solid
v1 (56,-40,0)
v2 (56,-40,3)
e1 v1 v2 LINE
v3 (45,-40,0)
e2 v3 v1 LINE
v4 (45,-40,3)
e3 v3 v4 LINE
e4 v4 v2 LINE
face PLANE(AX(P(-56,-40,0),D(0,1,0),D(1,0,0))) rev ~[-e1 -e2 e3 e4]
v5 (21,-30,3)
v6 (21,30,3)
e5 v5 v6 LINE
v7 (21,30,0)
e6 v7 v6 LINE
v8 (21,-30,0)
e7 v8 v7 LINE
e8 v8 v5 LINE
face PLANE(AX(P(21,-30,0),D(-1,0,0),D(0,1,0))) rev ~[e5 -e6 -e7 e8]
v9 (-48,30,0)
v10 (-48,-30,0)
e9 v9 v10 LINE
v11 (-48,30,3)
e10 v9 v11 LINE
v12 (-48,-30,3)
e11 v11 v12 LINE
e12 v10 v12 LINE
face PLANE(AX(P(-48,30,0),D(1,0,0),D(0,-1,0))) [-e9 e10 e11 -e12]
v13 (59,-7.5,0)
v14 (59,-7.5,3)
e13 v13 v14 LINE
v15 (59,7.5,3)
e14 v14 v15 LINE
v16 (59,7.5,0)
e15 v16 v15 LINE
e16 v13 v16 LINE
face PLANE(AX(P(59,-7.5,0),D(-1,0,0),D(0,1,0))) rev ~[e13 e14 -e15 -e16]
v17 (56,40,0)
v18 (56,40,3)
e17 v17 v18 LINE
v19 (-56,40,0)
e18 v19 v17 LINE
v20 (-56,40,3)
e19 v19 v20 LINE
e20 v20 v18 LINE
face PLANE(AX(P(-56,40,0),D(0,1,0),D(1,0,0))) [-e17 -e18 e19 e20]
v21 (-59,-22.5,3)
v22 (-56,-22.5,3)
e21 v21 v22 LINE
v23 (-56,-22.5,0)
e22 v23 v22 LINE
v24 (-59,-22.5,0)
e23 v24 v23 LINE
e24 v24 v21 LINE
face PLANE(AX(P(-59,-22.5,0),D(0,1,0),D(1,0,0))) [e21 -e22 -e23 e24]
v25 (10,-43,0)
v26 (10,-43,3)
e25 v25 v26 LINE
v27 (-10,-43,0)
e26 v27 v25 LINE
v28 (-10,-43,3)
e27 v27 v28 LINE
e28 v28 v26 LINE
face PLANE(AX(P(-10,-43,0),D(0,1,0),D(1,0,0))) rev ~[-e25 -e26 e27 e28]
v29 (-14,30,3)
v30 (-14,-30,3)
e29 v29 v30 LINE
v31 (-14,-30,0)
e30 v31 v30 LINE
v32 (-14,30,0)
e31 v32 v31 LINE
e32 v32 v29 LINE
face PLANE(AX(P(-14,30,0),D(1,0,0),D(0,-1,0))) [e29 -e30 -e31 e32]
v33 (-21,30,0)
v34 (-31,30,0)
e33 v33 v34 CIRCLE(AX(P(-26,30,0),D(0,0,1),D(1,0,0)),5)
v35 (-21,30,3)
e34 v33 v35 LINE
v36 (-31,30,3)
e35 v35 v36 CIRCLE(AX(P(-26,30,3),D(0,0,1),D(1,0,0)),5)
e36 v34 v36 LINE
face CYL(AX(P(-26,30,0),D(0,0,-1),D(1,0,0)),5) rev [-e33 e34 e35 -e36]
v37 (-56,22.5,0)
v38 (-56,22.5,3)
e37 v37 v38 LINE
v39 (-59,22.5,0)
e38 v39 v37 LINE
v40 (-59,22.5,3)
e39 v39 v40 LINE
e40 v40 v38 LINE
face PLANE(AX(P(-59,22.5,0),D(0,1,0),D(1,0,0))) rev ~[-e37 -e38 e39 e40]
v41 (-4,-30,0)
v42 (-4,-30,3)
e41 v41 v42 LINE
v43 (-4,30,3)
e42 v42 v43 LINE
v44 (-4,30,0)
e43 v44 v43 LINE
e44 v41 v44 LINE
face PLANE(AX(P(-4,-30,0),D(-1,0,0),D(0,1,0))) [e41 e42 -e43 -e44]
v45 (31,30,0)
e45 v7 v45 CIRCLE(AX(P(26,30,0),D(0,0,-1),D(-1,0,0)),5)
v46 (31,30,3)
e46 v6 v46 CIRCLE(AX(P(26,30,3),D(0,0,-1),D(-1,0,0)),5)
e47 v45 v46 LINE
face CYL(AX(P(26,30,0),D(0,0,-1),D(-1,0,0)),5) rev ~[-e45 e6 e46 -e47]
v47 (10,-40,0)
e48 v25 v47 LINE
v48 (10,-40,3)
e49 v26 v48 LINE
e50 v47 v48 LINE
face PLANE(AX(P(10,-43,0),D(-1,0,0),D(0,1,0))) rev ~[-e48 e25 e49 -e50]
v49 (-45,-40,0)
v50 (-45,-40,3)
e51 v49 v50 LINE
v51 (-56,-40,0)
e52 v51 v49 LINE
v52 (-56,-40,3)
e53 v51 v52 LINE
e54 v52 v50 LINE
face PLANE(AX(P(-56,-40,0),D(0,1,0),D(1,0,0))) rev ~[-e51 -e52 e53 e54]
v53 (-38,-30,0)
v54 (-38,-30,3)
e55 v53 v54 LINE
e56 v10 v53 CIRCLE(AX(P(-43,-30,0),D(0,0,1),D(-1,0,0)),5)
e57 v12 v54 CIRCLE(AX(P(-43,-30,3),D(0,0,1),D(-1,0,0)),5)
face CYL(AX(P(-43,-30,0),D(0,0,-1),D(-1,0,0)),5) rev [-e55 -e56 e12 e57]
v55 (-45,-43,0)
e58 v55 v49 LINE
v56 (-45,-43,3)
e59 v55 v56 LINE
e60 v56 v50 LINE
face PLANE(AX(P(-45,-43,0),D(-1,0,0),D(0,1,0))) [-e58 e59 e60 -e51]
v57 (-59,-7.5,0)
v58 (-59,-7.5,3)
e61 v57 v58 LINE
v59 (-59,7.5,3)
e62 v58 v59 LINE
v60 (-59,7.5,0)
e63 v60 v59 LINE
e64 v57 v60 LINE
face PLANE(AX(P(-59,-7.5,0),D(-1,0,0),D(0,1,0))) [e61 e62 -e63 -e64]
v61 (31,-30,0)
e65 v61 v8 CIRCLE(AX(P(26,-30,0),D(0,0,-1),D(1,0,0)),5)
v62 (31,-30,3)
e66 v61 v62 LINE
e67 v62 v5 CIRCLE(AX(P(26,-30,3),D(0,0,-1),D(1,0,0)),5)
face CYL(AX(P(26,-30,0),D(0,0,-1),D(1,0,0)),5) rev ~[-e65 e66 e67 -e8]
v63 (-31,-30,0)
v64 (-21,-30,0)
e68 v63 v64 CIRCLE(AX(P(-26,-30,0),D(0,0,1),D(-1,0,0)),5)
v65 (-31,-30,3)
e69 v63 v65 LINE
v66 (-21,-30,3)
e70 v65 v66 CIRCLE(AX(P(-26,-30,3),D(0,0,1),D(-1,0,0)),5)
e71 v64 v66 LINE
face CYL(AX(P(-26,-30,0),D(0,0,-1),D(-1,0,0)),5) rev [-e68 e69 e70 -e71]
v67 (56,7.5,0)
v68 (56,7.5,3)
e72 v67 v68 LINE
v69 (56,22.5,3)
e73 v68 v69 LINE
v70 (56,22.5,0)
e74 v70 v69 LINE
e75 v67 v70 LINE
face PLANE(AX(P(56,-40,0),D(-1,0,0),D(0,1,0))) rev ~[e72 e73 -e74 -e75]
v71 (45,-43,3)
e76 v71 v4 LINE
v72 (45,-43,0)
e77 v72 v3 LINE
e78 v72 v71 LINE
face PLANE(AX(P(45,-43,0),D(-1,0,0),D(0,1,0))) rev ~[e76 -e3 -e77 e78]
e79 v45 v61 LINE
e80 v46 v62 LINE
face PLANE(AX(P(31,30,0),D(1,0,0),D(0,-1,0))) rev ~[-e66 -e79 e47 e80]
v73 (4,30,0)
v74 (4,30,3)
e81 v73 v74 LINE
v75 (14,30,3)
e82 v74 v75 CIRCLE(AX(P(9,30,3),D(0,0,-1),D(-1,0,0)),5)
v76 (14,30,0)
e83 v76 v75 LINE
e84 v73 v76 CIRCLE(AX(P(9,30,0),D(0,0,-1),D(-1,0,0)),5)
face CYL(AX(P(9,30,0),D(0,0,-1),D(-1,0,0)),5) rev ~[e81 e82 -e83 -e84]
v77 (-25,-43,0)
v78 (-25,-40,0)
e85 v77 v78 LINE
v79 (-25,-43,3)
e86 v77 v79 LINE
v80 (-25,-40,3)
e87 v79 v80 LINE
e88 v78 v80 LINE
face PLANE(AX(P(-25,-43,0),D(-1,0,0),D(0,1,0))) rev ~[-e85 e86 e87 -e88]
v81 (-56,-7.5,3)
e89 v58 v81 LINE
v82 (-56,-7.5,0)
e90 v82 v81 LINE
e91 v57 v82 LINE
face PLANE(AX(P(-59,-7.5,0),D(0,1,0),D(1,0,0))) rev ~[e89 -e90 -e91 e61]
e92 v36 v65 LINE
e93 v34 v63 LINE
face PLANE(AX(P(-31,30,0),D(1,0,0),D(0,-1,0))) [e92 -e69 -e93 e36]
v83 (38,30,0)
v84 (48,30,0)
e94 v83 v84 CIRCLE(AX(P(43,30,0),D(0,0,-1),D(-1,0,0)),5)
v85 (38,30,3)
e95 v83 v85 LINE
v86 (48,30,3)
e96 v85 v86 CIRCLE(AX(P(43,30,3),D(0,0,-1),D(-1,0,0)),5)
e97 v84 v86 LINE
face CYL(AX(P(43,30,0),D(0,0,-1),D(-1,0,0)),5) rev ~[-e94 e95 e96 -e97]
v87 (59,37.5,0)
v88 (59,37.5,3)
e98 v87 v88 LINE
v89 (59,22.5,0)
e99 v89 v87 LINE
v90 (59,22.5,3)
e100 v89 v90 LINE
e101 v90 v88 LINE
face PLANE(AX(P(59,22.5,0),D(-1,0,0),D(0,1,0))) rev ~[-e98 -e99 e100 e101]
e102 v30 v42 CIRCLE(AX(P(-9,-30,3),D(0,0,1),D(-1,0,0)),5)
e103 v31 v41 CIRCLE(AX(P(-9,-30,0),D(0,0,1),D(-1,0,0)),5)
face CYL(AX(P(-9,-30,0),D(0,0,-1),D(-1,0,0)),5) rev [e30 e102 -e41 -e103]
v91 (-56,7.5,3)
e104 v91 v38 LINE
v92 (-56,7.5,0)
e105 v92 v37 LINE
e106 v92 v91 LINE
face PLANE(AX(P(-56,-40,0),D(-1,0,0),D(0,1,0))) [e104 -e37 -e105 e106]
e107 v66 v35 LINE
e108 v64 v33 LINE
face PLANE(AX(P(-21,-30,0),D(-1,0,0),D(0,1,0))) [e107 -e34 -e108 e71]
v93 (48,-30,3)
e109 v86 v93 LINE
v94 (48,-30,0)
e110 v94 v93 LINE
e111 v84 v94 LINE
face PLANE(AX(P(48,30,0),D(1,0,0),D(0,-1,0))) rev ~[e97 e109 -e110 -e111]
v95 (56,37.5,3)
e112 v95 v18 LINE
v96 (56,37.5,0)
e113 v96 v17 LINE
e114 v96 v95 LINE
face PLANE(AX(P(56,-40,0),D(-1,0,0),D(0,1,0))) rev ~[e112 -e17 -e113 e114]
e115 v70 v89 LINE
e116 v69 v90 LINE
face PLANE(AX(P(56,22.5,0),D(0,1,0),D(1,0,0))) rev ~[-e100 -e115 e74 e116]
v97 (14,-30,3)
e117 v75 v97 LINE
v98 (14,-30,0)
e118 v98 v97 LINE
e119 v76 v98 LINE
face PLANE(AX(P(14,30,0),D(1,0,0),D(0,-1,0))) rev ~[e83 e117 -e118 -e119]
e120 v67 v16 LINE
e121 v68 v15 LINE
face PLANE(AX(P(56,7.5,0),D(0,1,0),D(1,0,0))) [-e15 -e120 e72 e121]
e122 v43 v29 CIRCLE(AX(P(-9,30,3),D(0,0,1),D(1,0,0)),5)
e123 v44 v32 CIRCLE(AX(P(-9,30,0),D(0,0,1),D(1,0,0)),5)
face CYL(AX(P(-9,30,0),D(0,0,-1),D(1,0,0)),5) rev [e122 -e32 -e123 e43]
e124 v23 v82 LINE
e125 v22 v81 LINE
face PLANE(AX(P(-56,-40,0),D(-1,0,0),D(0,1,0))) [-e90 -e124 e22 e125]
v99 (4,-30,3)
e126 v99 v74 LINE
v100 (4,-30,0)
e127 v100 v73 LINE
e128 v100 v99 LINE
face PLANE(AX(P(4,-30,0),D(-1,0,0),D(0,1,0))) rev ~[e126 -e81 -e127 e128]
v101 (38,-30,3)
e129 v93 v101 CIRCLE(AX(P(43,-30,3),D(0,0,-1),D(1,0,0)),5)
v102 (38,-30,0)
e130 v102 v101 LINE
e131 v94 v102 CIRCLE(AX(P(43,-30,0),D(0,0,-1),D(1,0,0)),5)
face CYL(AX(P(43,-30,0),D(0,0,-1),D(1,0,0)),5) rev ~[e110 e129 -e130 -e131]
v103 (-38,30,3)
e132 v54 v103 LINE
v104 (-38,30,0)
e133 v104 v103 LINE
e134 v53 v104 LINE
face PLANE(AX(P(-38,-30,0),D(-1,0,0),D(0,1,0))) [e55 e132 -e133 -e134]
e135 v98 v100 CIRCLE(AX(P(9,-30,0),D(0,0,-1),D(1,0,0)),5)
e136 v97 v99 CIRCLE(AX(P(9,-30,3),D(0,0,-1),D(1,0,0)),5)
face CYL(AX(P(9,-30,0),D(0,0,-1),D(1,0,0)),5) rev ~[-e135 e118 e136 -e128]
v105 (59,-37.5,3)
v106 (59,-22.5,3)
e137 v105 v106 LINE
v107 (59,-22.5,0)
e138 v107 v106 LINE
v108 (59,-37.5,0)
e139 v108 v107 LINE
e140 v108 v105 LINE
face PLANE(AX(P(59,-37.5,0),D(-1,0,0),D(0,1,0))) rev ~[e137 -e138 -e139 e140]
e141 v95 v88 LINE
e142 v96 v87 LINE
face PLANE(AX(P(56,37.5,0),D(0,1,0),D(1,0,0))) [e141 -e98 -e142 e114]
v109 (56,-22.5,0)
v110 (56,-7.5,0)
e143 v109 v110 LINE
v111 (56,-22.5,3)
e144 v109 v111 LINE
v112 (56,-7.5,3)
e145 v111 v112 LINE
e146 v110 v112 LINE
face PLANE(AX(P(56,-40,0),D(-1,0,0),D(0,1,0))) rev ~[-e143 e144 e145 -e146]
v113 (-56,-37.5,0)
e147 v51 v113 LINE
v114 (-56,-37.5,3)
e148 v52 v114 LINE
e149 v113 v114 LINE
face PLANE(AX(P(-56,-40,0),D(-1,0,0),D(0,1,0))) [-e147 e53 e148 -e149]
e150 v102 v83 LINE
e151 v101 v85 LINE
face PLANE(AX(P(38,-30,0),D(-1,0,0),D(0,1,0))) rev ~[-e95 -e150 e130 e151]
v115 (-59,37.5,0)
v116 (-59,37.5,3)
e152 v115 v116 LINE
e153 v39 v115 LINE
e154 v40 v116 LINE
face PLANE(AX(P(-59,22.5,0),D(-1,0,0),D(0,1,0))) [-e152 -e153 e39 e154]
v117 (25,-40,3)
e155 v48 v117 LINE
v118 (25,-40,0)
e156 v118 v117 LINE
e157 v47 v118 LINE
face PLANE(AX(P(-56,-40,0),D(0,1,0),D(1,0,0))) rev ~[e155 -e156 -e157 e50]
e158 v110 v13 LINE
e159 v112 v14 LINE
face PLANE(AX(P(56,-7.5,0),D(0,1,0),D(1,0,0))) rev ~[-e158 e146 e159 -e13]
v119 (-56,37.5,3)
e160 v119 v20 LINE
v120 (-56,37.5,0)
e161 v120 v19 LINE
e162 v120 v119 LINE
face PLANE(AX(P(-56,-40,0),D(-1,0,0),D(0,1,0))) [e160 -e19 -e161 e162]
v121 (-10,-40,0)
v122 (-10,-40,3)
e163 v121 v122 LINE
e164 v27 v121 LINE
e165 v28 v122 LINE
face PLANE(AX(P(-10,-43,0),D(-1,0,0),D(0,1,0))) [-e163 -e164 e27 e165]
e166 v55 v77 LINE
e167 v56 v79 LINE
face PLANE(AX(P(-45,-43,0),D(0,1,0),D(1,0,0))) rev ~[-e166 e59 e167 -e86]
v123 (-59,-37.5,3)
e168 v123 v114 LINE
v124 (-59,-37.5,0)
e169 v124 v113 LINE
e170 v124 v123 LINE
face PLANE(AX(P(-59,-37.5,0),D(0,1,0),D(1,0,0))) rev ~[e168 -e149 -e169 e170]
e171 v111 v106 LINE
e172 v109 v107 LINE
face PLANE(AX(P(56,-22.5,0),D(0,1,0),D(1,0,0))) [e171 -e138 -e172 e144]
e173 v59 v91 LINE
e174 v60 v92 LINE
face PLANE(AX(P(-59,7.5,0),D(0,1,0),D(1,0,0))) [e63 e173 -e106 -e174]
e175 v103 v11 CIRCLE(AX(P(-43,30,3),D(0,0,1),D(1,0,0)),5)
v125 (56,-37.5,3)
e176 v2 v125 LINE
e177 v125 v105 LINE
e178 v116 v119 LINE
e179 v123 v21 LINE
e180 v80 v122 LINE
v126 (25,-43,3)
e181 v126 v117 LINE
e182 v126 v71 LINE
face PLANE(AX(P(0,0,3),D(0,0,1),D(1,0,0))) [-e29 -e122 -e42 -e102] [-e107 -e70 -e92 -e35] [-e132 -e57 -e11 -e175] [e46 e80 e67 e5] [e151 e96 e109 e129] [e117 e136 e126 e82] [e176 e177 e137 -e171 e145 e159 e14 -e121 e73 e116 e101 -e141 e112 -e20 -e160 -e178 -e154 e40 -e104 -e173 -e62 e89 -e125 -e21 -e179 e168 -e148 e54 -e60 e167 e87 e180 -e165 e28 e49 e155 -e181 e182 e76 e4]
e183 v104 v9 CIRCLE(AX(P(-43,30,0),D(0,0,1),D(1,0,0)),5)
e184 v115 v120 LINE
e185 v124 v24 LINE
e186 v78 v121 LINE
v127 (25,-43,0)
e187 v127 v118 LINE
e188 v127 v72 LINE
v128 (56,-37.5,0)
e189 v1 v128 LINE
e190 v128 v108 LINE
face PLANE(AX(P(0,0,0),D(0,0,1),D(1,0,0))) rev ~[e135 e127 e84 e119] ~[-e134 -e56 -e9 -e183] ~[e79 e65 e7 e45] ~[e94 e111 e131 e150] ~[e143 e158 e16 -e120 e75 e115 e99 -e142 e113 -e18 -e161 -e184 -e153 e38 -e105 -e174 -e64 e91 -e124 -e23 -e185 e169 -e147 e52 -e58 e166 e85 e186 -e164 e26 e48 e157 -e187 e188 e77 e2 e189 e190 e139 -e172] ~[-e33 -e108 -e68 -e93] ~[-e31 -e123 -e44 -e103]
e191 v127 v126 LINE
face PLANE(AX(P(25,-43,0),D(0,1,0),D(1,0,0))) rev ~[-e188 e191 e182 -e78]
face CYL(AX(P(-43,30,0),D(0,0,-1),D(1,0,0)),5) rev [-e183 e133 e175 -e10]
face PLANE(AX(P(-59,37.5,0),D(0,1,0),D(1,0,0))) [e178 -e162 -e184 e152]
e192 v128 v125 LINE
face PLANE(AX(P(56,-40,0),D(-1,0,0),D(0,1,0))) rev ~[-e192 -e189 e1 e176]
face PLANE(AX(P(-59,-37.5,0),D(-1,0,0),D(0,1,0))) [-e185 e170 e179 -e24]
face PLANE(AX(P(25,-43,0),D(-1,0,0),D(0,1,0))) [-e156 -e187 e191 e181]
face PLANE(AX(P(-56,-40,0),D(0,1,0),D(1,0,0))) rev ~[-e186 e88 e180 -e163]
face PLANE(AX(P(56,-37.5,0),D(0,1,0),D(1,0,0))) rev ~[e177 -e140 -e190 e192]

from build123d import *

# Parameters (mm, degrees)
SKETCH1_W           = 3
SKETCH1_H           = 15
SKETCH1_W_2         = 112
SKETCH1_H_2         = 80
SKETCH1_W_3         = 20
SKETCH1_H_3         = 3
BOSS_EXTRUDE1_DEPTH = 3


with BuildPart() as part:
    # Sketch1 → Boss-Extrude1 (new body)
    # profile 1 of 10: a face of its own
    with BuildSketch(Plane.XY):
        with Locations((-57.5, 30)):
            Rectangle(SKETCH1_W, SKETCH1_H)
    # profile 2 of 10: a face of its own
    with BuildSketch(Plane.XY):
        Rectangle(SKETCH1_W_2, SKETCH1_H_2)
        with BuildLine():
            ThreePointArc((-4, 30), (-9, 35), (-14, 30))
            Line((-14, 30), (-14, -30))
            ThreePointArc((-14, -30), (-9, -35), (-4, -30))
            Line((-4, -30), (-4, 30))
        make_face(mode=Mode.SUBTRACT)
        with BuildLine():
            ThreePointArc((-21, 30), (-26, 35), (-31, 30))
            Line((-31, 30), (-31, -30))
            ThreePointArc((-31, -30), (-26, -35), (-21, -30))
            Line((-21, -30), (-21, 30))
        make_face(mode=Mode.SUBTRACT)
        with BuildLine():
            ThreePointArc((-38, 30), (-43, 35), (-48, 30))
            Line((-48, 30), (-48, -30))
            ThreePointArc((-48, -30), (-43, -35), (-38, -30))
            Line((-38, -30), (-38, 30))
        make_face(mode=Mode.SUBTRACT)
        with BuildLine():
            Line((4, -30), (4, 30))
            ThreePointArc((4, 30), (9, 35), (14, 30))
            Line((14, 30), (14, -30))
            ThreePointArc((14, -30), (9, -35), (4, -30))
        make_face(mode=Mode.SUBTRACT)
        with BuildLine():
            Line((21, -30), (21, 30))
            ThreePointArc((21, 30), (26, 35), (31, 30))
            Line((31, 30), (31, -30))
            ThreePointArc((31, -30), (26, -35), (21, -30))
        make_face(mode=Mode.SUBTRACT)
        with BuildLine():
            Line((38, -30), (38, 30))
            ThreePointArc((38, 30), (43, 35), (48, 30))
            Line((48, 30), (48, -30))
            ThreePointArc((48, -30), (43, -35), (38, -30))
        make_face(mode=Mode.SUBTRACT)
    # profile 3 of 10: a face of its own
    with BuildSketch(Plane.XY):
        with Locations((-57.5, 0)):
            Rectangle(SKETCH1_W, SKETCH1_H)
    # profile 4 of 10: a face of its own
    with BuildSketch(Plane.XY):
        with Locations((-35, -41.5)):
            Rectangle(SKETCH1_W_3, SKETCH1_H_3)
    # profile 5 of 10: a face of its own
    with BuildSketch(Plane.XY):
        with Locations((0, -41.5)):
            Rectangle(SKETCH1_W_3, SKETCH1_H_3)
    # profile 6 of 10: a face of its own
    with BuildSketch(Plane.XY):
        with Locations((35, -41.5)):
            Rectangle(SKETCH1_W_3, SKETCH1_H_3)
    # profile 7 of 10: a face of its own
    with BuildSketch(Plane.XY):
        with Locations((57.5, 0)):
            Rectangle(SKETCH1_W, SKETCH1_H)
    # profile 8 of 10: a face of its own
    with BuildSketch(Plane.XY):
        with Locations((57.5, 30)):
            Rectangle(SKETCH1_W, SKETCH1_H)
    # profile 9 of 10: a face of its own
    with BuildSketch(Plane.XY):
        with Locations((-57.5, -30)):
            Rectangle(SKETCH1_W, SKETCH1_H)
    # profile 10 of 10: a face of its own
    with BuildSketch(Plane.XY):
        with Locations((57.5, -30)):
            Rectangle(SKETCH1_W, SKETCH1_H)
    extrude(amount=BOSS_EXTRUDE1_DEPTH)


solid = part.part
